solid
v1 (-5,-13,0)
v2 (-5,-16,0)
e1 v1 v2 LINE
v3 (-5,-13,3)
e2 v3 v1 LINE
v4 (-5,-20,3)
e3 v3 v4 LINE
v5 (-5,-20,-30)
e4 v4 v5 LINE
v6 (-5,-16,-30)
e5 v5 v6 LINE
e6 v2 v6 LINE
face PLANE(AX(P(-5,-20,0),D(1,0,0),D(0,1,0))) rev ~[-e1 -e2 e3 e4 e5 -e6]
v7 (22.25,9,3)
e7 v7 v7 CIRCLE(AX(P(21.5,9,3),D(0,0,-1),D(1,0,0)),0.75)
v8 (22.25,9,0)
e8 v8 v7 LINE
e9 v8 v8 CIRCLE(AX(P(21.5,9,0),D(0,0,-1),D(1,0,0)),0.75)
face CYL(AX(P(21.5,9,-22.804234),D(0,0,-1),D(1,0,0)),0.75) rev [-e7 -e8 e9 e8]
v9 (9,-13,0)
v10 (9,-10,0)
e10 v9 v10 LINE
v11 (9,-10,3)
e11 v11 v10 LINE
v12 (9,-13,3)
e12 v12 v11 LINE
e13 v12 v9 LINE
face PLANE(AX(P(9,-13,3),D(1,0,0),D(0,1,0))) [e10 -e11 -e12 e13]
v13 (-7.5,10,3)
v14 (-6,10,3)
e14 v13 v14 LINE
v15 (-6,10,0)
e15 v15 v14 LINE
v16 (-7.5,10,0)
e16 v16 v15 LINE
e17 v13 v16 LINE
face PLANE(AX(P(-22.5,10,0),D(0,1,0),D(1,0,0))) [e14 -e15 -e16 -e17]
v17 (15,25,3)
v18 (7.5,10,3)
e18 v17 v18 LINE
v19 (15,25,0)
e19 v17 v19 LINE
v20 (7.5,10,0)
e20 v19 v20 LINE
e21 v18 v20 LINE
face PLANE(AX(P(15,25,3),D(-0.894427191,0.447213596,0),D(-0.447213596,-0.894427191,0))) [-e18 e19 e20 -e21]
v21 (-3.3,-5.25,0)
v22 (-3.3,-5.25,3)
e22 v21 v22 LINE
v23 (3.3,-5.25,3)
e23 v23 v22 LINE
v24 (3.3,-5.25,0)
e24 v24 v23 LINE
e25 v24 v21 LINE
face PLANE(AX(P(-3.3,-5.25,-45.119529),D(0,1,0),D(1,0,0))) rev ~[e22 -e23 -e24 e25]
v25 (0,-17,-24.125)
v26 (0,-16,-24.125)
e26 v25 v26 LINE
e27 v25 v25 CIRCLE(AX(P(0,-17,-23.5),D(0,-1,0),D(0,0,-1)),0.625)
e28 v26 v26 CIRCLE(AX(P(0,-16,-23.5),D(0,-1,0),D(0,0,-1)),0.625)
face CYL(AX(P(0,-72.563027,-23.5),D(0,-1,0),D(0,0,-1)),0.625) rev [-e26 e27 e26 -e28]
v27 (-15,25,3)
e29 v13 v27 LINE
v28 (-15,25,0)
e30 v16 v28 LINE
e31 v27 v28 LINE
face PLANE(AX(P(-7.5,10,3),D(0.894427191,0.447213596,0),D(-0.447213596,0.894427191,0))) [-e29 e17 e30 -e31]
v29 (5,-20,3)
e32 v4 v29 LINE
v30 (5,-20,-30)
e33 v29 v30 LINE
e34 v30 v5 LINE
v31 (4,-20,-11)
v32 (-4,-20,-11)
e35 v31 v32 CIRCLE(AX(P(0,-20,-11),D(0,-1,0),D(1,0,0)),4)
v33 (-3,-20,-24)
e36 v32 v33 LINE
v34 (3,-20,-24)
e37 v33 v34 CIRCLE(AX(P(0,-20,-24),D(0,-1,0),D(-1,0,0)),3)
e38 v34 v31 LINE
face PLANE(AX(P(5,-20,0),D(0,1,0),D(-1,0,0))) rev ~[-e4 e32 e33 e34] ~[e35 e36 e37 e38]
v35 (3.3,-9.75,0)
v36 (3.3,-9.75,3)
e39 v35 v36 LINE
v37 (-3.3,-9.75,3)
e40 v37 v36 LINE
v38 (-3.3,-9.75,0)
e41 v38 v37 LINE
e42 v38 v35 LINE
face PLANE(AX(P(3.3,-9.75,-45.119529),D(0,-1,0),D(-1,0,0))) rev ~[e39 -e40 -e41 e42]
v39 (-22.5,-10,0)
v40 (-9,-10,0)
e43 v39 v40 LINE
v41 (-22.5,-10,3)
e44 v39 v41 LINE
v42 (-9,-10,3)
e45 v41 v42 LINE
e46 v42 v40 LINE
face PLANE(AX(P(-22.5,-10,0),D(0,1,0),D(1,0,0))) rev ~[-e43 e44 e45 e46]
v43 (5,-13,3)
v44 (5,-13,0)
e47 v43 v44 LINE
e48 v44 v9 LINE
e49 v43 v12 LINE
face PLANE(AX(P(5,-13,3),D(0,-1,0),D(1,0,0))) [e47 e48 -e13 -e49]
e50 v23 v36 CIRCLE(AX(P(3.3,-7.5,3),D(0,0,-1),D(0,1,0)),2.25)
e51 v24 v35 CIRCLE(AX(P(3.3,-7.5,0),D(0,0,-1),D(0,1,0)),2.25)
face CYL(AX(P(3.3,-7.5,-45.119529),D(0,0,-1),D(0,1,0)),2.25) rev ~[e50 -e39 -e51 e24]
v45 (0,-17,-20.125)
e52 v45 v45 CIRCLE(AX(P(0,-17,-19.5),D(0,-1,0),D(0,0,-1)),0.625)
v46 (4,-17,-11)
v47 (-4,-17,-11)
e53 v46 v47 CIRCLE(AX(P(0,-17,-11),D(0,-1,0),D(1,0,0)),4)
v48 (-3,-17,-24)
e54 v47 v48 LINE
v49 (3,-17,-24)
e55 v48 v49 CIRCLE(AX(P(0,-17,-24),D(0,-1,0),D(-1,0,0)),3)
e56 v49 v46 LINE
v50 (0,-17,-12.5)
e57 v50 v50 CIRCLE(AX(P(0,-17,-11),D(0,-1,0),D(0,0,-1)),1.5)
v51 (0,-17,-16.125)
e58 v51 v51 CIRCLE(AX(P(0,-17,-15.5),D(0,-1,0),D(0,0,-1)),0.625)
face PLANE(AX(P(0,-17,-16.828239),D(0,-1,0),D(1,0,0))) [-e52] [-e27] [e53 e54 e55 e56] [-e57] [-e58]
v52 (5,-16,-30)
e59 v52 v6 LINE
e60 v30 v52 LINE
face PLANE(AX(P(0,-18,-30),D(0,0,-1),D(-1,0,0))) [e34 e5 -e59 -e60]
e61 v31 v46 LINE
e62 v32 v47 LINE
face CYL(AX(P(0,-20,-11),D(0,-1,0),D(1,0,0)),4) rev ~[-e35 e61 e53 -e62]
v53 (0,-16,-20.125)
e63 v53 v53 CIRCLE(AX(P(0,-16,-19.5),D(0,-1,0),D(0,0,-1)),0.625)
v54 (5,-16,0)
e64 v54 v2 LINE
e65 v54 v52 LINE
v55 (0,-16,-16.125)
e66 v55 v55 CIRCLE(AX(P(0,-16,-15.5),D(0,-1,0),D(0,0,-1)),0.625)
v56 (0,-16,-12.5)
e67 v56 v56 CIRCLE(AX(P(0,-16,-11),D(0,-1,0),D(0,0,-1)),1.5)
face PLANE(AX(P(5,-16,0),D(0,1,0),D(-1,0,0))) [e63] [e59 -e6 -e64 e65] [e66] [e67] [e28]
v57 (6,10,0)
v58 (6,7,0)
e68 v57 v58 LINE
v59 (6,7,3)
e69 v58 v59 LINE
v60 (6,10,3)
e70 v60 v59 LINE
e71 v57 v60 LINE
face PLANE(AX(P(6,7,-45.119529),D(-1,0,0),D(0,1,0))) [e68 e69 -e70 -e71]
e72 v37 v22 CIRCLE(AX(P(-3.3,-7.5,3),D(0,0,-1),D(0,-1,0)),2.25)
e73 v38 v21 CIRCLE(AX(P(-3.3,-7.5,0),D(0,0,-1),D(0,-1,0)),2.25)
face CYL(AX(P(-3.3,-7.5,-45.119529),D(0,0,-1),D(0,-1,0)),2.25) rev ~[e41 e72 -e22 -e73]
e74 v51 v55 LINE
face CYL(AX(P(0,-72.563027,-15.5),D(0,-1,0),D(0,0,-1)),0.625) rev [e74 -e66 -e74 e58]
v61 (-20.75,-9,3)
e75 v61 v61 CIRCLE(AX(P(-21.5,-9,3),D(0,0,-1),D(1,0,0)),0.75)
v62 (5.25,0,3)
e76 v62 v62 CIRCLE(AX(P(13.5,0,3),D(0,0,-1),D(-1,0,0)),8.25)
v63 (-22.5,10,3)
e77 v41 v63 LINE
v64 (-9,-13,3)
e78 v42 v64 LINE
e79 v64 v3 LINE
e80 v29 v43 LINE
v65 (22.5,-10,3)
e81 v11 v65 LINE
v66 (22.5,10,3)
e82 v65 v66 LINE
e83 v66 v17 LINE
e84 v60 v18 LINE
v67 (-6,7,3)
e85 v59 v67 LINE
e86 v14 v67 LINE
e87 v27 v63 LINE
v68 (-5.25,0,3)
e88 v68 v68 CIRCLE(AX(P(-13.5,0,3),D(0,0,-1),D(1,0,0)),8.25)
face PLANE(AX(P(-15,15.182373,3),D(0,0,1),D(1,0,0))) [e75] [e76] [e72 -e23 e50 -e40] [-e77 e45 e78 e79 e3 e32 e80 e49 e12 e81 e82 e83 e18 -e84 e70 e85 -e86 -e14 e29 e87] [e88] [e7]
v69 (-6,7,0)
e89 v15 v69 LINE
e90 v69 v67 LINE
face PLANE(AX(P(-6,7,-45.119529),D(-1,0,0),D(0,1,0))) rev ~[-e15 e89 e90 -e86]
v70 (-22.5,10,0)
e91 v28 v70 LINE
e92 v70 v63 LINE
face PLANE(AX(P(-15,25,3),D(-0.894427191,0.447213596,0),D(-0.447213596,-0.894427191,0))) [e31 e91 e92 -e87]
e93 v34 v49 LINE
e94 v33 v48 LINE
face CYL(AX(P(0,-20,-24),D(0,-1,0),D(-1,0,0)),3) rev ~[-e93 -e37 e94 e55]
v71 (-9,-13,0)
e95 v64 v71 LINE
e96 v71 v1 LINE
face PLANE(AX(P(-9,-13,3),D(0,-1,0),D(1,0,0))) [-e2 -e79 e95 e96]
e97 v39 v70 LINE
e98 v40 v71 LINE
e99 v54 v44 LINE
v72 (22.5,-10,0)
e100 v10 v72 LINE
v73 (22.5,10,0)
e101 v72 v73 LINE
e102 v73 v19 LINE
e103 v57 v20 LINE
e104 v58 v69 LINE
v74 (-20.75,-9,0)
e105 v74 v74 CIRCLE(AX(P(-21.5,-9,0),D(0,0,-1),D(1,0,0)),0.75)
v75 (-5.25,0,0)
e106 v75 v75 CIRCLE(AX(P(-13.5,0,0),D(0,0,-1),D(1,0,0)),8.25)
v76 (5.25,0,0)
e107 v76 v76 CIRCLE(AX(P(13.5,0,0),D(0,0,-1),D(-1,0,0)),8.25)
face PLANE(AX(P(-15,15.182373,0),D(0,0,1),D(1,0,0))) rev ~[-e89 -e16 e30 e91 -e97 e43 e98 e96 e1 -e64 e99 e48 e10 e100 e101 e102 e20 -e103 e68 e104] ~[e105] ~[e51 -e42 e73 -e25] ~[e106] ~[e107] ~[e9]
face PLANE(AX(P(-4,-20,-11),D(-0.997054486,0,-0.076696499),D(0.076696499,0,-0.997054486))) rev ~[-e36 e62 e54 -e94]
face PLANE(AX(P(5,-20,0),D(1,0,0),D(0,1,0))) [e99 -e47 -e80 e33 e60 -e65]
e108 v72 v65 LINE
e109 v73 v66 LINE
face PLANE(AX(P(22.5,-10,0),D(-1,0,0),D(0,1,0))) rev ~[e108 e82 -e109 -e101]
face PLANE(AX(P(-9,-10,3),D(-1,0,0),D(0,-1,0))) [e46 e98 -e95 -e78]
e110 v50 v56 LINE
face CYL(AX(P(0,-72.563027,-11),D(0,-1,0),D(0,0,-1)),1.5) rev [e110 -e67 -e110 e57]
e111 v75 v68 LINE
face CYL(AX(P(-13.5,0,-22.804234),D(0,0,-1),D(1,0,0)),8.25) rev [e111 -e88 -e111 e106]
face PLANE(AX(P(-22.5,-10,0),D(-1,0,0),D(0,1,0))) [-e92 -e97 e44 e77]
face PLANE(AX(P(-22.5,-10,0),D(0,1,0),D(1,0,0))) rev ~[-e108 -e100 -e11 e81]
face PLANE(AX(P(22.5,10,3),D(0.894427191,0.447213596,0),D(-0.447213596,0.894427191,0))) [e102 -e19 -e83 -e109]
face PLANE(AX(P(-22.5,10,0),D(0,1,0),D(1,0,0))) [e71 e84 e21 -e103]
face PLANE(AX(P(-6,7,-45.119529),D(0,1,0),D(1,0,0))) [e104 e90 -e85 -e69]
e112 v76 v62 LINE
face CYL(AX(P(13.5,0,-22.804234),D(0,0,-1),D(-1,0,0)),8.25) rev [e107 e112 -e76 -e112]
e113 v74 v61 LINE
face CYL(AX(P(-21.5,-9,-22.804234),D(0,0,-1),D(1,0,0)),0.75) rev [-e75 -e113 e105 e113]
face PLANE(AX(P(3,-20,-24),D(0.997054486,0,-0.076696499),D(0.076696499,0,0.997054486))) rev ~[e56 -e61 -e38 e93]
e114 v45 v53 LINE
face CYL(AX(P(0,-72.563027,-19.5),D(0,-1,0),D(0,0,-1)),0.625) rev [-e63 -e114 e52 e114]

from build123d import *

# Parameters (mm, degrees)
SKETCH1_W               = 45
SKETCH1_H               = 20
BOSS_EXTRUDE1_DEPTH     = 3
CUT_EXTRUDE1_DEPTH      = 25.80423351
CUT_EXTRUDE1_DEPTH_BACK = 25.80423351
SKETCH2_R               = 8.25
SKETCH2_R_2             = 0.75
BOSS_EXTRUDE2_DEPTH     = 3
BOSS_EXTRUDE3_DEPTH     = 3
SKETCH9_W               = 10
SKETCH9_H               = 4
BOSS_EXTRUDE4_DEPTH     = 30
CUT_EXTRUDE2_DEPTH      = 3
CUT_EXTRUDE3_DEPTH      = 56.563027275
CUT_EXTRUDE3_DEPTH_BACK = 56.563027275
SKETCH11_R              = 0.625
SKETCH11_R_2            = 1.5
CUT_EXTRUDE4_DEPTH      = 48.11952886
CUT_EXTRUDE4_DEPTH_BACK = 48.11952886
SKETCH12_W              = 12
SKETCH12_H              = 3


with BuildPart() as part:
    # Sketch1 → Boss-Extrude1 (new body)
    with BuildSketch(Plane.XY):
        Rectangle(SKETCH1_W, SKETCH1_H)
    extrude(amount=BOSS_EXTRUDE1_DEPTH)

    # Sketch2 → Cut-Extrude1 (cut, two sides: drawn at the far end of the back side and taken through both)
    with BuildSketch(Plane.XY.offset(3).offset(-CUT_EXTRUDE1_DEPTH_BACK)):
        with Locations((-13.5, 0)):
            Circle(SKETCH2_R)
        with Locations(Location((13.5, 0, 0), (0, 0, 180))):
            Circle(SKETCH2_R)
        with Locations((-21.5, -9)):
            Circle(SKETCH2_R_2)
        with Locations((21.5, 9)):
            Circle(SKETCH2_R_2)
    extrude(amount=CUT_EXTRUDE1_DEPTH + CUT_EXTRUDE1_DEPTH_BACK, mode=Mode.SUBTRACT)

    # Sketch7 → Boss-Extrude2 (add)
    with BuildSketch(Plane.XY.offset(3)):
        Polygon((-15, 25), (-22.5, 10), (-7.5, 10), align=None)
        Polygon((15, 25), (7.5, 10), (22.5, 10), align=None)
    extrude(amount=-BOSS_EXTRUDE2_DEPTH)

    # Sketch8 → Boss-Extrude3 (add)
    with BuildSketch(Plane.XY.offset(3)):
        Polygon((-5, -13), (-5, -20), (5, -20), (5, -13), (9, -13), (9, -10), (-9, -10), (-9, -13), align=None)
    extrude(amount=-BOSS_EXTRUDE3_DEPTH)

    # Sketch9 → Boss-Extrude4 (add)
    with BuildSketch(Plane(origin=(0, 0, 0), x_dir=(-1, 0, 0), z_dir=(0, 0, -1))):
        with Locations((0, -18)):
            Rectangle(SKETCH9_W, SKETCH9_H)
    extrude(amount=BOSS_EXTRUDE4_DEPTH)

    # Sketch10 → Cut-Extrude2 (cut)
    with BuildSketch(Plane.XZ.offset(20)):
        with BuildLine():
            Line((-4, -11), (-3, -24))
            ThreePointArc((-3, -24), (0, -27), (3, -24))
            Line((3, -24), (4, -11))
            ThreePointArc((4, -11), (0, -7), (-4, -11))
        make_face()
    extrude(amount=-CUT_EXTRUDE2_DEPTH, mode=Mode.SUBTRACT)

    # Sketch11 → Cut-Extrude3 (cut, two sides: drawn at the far end of the back side and taken through both)
    with BuildSketch(Plane(origin=(0, -16, 0), x_dir=(1, 0, 0), z_dir=(0, 1, 0)).offset(-CUT_EXTRUDE3_DEPTH_BACK)):
        with Locations(Location((0, 15.5, 0), (0, 0, 90))):
            Circle(SKETCH11_R)
        with Locations(Location((0, 19.5, 0), (0, 0, 90))):
            Circle(SKETCH11_R)
        with Locations(Location((0, 11, 0), (0, 0, 90))):
            Circle(SKETCH11_R_2)
        with Locations(Location((0, 23.5, 0), (0, 0, 90))):
            Circle(SKETCH11_R)
    extrude(amount=CUT_EXTRUDE3_DEPTH + CUT_EXTRUDE3_DEPTH_BACK, mode=Mode.SUBTRACT)

    # Sketch12 → Cut-Extrude4 (cut, two sides: drawn at the far end of the back side and taken through both)
    with BuildSketch(Plane.XY.offset(3).offset(-CUT_EXTRUDE4_DEPTH_BACK)):
        with BuildLine():
            Line((-3.3, -5.25), (3.3, -5.25))
            ThreePointArc((3.3, -5.25), (5.55, -7.5), (3.3, -9.75))
            Line((3.3, -9.75), (-3.3, -9.75))
            ThreePointArc((-3.3, -9.75), (-5.55, -7.5), (-3.3, -5.25))
        make_face()
        with Locations((0, 8.5)):
            Rectangle(SKETCH12_W, SKETCH12_H)
    extrude(amount=CUT_EXTRUDE4_DEPTH + CUT_EXTRUDE4_DEPTH_BACK, mode=Mode.SUBTRACT)


solid = part.part
